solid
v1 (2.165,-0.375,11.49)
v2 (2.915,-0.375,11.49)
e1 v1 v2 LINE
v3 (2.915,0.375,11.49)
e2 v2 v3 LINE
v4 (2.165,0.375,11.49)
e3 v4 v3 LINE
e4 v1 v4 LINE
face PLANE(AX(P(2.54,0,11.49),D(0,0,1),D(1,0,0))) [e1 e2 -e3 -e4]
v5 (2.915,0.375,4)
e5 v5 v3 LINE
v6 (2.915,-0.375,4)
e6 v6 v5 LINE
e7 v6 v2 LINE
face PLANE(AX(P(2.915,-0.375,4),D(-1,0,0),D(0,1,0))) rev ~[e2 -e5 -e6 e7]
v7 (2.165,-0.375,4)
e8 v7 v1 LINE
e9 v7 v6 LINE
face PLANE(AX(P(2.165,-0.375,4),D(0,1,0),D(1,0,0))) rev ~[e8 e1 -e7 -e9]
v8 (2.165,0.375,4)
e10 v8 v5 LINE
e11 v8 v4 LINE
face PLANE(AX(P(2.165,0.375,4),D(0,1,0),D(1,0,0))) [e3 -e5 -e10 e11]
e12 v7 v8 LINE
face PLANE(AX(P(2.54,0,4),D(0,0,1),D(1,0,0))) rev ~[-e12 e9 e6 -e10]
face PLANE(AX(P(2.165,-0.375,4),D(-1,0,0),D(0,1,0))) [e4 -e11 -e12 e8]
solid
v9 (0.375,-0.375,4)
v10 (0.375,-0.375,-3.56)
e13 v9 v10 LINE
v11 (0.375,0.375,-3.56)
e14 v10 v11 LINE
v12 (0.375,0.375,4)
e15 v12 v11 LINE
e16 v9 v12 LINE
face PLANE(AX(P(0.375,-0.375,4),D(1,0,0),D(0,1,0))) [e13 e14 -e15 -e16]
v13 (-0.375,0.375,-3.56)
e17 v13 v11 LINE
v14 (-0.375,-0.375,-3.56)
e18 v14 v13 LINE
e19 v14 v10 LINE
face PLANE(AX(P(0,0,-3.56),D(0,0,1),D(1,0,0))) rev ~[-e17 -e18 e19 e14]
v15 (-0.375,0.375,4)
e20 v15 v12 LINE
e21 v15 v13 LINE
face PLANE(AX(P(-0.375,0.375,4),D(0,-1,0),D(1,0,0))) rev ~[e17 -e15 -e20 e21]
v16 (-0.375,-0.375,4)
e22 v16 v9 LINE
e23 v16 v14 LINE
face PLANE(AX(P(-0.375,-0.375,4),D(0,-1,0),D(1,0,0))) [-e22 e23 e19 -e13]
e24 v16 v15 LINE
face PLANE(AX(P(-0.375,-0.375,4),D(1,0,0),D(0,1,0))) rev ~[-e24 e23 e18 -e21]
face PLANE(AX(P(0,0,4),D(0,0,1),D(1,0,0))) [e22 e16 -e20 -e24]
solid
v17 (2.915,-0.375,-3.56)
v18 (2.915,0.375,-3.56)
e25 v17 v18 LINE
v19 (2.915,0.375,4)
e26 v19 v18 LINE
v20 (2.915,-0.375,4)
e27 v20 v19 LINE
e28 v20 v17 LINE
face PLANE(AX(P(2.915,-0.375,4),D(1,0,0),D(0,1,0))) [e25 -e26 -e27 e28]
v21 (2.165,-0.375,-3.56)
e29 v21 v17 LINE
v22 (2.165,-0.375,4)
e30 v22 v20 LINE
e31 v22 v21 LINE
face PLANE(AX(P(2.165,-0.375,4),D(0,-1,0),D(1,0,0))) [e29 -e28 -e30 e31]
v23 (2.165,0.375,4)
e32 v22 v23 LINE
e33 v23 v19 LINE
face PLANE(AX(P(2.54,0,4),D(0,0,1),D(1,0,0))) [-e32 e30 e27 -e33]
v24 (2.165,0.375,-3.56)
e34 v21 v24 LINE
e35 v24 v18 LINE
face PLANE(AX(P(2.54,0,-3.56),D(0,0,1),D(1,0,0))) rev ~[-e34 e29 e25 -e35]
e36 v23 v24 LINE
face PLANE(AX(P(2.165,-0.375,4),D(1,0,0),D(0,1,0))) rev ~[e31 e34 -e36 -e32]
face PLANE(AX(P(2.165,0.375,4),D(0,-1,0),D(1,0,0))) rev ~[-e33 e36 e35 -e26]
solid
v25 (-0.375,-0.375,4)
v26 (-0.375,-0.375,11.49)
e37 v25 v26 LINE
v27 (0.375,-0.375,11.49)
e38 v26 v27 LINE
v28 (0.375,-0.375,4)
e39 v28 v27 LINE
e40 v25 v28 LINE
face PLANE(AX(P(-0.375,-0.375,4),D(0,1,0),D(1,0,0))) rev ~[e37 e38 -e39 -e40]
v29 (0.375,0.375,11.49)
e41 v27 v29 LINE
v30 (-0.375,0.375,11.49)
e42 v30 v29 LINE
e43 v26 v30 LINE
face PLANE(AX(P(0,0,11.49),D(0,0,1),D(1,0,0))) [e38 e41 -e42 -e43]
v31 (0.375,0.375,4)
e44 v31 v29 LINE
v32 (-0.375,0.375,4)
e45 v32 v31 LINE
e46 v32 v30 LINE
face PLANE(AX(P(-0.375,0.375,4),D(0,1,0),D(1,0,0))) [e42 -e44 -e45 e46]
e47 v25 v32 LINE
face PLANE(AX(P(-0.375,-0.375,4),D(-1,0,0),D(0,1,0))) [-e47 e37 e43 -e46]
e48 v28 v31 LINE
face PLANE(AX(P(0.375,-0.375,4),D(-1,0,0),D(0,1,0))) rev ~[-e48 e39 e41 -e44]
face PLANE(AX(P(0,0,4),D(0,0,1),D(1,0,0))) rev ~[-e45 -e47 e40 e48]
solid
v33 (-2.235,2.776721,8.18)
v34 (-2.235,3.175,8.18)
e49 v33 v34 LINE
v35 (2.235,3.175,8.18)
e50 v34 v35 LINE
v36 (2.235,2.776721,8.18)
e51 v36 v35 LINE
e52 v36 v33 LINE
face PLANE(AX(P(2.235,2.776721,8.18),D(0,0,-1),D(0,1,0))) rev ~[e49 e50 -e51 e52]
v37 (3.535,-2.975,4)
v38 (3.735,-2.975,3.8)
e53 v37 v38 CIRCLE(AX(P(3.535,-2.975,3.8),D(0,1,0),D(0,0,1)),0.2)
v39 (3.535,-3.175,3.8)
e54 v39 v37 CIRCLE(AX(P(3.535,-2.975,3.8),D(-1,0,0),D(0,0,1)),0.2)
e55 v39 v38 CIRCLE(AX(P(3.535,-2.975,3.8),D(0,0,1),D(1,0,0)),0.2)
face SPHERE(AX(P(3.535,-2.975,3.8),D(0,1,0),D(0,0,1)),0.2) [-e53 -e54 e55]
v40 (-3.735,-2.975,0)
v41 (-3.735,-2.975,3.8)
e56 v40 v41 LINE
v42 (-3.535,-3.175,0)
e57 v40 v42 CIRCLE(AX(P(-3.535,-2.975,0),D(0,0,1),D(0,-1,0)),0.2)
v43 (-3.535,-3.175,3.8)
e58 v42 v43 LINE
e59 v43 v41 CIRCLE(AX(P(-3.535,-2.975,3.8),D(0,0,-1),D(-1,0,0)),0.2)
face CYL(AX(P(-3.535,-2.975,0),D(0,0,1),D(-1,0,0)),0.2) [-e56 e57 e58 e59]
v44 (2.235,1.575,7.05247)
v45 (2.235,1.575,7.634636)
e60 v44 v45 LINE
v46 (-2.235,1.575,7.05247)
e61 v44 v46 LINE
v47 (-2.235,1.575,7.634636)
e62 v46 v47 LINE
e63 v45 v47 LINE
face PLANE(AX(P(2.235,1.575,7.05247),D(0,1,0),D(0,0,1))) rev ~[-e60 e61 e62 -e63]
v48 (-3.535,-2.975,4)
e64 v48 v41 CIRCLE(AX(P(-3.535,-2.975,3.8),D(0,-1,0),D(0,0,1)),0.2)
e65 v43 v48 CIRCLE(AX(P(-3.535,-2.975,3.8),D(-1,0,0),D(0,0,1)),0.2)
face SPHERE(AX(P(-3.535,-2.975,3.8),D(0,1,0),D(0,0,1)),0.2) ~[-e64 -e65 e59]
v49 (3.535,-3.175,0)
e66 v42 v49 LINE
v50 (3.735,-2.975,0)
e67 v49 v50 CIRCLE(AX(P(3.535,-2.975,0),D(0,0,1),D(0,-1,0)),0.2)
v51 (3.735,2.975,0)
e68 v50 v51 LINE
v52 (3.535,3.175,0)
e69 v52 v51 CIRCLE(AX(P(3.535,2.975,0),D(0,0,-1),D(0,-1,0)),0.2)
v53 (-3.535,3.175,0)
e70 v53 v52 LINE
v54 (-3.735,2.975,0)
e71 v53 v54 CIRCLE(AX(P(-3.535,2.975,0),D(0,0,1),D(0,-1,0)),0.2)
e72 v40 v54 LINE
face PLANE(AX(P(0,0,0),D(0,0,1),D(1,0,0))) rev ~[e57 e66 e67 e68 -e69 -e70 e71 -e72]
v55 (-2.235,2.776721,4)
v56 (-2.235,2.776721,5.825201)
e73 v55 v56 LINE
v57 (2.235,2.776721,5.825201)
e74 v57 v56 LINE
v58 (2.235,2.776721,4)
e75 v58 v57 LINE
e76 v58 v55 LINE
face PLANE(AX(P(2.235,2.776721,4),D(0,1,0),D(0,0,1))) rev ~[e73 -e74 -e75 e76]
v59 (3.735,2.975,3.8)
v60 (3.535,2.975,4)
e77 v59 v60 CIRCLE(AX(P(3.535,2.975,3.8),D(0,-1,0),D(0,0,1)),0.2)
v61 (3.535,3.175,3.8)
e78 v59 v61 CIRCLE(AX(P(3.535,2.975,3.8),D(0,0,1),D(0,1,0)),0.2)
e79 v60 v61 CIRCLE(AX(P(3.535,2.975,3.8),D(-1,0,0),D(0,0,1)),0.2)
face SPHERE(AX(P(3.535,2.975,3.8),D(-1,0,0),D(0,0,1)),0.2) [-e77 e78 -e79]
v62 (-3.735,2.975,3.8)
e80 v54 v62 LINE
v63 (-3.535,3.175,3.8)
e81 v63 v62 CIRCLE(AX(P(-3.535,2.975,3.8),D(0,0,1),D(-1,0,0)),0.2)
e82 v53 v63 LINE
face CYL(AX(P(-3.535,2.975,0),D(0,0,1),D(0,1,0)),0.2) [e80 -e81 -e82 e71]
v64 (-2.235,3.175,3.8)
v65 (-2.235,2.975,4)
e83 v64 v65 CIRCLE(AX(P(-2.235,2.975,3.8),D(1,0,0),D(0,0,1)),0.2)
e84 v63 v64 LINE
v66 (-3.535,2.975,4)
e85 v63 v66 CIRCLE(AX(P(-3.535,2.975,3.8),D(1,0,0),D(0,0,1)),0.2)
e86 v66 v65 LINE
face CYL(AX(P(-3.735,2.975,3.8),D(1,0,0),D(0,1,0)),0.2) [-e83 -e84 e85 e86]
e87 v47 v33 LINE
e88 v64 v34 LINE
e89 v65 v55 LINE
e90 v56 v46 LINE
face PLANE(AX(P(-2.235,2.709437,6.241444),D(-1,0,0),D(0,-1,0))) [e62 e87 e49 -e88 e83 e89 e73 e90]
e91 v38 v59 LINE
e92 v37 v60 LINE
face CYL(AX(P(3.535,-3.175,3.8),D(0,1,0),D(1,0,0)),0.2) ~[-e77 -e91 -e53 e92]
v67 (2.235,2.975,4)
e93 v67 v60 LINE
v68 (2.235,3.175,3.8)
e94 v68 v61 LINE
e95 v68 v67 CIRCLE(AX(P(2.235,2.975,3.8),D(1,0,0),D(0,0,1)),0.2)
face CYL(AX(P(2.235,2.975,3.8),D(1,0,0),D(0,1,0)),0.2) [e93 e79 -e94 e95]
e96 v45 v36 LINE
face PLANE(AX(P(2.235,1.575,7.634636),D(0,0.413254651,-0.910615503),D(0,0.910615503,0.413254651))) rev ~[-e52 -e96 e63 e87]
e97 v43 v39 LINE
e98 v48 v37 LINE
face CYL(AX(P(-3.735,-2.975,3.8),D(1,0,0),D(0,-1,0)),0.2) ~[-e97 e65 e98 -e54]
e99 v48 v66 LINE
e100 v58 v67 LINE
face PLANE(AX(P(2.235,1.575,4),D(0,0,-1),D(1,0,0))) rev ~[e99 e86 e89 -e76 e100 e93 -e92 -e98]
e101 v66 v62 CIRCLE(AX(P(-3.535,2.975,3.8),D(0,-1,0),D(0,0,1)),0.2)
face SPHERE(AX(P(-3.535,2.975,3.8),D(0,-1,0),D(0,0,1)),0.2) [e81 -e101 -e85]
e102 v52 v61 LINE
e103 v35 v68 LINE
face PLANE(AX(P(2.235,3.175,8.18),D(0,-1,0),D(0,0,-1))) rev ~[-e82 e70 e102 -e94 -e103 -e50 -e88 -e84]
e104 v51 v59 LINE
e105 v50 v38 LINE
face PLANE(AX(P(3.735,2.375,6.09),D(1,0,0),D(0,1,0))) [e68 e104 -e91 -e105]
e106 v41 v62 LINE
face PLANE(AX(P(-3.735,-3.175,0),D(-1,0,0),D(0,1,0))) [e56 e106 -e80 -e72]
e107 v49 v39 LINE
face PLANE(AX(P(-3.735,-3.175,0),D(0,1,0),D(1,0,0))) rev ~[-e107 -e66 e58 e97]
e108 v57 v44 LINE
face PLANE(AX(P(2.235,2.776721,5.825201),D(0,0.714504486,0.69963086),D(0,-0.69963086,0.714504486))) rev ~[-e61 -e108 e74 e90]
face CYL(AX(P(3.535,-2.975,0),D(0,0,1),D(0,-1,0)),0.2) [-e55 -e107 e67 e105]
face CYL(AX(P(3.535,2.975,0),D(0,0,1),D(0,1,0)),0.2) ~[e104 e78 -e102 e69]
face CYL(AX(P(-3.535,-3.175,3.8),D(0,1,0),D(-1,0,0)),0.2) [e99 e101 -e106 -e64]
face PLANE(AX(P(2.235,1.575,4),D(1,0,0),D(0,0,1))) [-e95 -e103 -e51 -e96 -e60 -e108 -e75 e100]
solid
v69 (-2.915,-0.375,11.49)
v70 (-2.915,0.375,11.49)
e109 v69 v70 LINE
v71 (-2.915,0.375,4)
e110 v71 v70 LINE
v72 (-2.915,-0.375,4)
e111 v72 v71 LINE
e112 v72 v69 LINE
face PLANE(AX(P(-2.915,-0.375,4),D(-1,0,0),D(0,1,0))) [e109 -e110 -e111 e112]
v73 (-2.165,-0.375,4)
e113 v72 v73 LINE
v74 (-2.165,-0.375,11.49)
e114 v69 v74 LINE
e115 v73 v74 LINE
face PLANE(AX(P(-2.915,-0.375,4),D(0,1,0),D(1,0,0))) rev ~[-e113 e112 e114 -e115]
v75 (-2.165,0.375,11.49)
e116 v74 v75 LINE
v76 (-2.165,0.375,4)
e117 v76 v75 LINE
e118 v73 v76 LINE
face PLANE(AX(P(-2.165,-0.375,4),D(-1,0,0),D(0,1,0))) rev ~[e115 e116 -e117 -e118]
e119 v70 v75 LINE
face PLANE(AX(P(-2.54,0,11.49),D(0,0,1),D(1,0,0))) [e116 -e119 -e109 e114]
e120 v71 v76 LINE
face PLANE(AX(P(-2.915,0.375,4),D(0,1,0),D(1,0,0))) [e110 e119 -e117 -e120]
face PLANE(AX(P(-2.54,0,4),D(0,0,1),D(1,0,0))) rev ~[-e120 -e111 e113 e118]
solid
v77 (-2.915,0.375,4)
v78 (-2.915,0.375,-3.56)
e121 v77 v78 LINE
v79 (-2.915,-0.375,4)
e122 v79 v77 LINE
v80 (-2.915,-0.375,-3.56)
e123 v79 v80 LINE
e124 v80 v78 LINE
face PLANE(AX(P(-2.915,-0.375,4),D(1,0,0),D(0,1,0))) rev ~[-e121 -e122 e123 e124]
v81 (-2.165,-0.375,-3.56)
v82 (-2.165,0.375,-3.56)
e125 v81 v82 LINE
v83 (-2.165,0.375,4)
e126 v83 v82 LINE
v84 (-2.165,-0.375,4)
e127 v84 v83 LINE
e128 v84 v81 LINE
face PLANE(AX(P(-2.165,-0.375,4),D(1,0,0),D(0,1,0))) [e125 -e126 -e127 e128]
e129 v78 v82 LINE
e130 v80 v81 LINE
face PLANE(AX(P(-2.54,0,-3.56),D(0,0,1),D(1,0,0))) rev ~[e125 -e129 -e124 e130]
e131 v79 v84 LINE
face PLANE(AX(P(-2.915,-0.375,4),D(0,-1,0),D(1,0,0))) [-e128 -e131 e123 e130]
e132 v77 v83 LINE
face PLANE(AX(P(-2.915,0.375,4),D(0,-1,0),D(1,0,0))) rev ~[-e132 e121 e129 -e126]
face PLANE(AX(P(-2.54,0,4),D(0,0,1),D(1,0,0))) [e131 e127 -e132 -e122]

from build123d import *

# Parameters (mm, degrees)
F0_W      = 7.47
F0_H      = 6.35
F1_DEPTH  = 4
F2_W      = 1.6
F2_H      = 4.18
F3_DEPTH  = 1.5
F5_DEPTH  = 4.47
F6_W      = 1.5
F6_H      = 4.18
F7_DEPTH  = 25
F8_R      = 0.2
F9_W      = 0.75
F9_H      = 0.75
F10_DEPTH = 7.49
F11_DEPTH = 7.56


with BuildPart() as f1:
    # F0 (on Top) → F1 (new body)
    with BuildSketch(Plane.XY):
        Rectangle(F0_W, F0_H)
    extrude(amount=F1_DEPTH)

    # F2 (on face) → F3 (join)
    with BuildSketch(Plane.YZ.offset(3.735)):
        with Locations((2.375, 6.09)):
            Rectangle(F2_W, F2_H)
    extrude(amount=-F3_DEPTH)

    # F4 (on face) → F5 (join)
    with BuildSketch(Plane(origin=(2.235, 0, 0), x_dir=(0, -1, 0), z_dir=(-1, 0, 0))):
        Polygon((-3.175, 8.18), (-3.175, 4), (-2.7767212596, 4), (-2.7767212596, 5.8252010494), (-1.575, 7.0524699986), (-1.575, 7.6346360147), (-2.7767212596, 8.18), align=None)
    extrude(amount=F5_DEPTH)

    # F6 (on face) → F7 (cut)
    with BuildSketch(Plane.XZ.offset(-1.575)):
        with Locations((2.985, 6.09)):
            Rectangle(F6_W, F6_H)
    extrude(amount=-F7_DEPTH, mode=Mode.SUBTRACT)

    # F8
    f8_edges = [f1.edges().sort_by_distance(p)[0] for p in [
        (-3.735, 0, 4),
        (-2.985, 3.175, 4),
        (2.985, 3.175, 4),
        (3.735, 0, 4),
        (0, -3.175, 4),
        (-3.735, -3.175, 2),
        (3.735, -3.175, 2),
        (-3.735, 3.175, 2),
        (3.735, 3.175, 2),
    ]]
    fillet(f8_edges, radius=F8_R)


with BuildPart() as f10:
    # F9 (on face) → F10 (new body)
    with BuildSketch(Plane.XY.offset(4)):
        Rectangle(F9_W, F9_H)
    extrude(amount=F10_DEPTH)


with BuildPart() as f10b:
    # F9 (on face) → F10, piece 2 (new body)
    with BuildSketch(Plane.XY.offset(4)):
        with Locations((2.54, 0)):
            Rectangle(F9_W, F9_H)
    extrude(amount=F10_DEPTH)


with BuildPart() as f10c:
    # F9 (on face) → F10, piece 3 (new body)
    with BuildSketch(Plane.XY.offset(4)):
        with Locations((-2.54, 0)):
            Rectangle(F9_W, F9_H)
    extrude(amount=F10_DEPTH)


with BuildPart() as f11:
    # F9 (on face) → F11 (new body)
    with BuildSketch(Plane.XY.offset(4)):
        Rectangle(F9_W, F9_H)
    extrude(amount=-F11_DEPTH)


with BuildPart() as f11b:
    # F9 (on face) → F11, piece 2 (new body)
    with BuildSketch(Plane.XY.offset(4)):
        with Locations((2.54, 0)):
            Rectangle(F9_W, F9_H)
    extrude(amount=-F11_DEPTH)


with BuildPart() as f11c:
    # F9 (on face) → F11, piece 3 (new body)
    with BuildSketch(Plane.XY.offset(4)):
        with Locations((-2.54, 0)):
            Rectangle(F9_W, F9_H)
    extrude(amount=-F11_DEPTH)


solid = Compound([f1.part, f10.part, f10b.part, f10c.part, f11.part, f11b.part, f11c.part])
